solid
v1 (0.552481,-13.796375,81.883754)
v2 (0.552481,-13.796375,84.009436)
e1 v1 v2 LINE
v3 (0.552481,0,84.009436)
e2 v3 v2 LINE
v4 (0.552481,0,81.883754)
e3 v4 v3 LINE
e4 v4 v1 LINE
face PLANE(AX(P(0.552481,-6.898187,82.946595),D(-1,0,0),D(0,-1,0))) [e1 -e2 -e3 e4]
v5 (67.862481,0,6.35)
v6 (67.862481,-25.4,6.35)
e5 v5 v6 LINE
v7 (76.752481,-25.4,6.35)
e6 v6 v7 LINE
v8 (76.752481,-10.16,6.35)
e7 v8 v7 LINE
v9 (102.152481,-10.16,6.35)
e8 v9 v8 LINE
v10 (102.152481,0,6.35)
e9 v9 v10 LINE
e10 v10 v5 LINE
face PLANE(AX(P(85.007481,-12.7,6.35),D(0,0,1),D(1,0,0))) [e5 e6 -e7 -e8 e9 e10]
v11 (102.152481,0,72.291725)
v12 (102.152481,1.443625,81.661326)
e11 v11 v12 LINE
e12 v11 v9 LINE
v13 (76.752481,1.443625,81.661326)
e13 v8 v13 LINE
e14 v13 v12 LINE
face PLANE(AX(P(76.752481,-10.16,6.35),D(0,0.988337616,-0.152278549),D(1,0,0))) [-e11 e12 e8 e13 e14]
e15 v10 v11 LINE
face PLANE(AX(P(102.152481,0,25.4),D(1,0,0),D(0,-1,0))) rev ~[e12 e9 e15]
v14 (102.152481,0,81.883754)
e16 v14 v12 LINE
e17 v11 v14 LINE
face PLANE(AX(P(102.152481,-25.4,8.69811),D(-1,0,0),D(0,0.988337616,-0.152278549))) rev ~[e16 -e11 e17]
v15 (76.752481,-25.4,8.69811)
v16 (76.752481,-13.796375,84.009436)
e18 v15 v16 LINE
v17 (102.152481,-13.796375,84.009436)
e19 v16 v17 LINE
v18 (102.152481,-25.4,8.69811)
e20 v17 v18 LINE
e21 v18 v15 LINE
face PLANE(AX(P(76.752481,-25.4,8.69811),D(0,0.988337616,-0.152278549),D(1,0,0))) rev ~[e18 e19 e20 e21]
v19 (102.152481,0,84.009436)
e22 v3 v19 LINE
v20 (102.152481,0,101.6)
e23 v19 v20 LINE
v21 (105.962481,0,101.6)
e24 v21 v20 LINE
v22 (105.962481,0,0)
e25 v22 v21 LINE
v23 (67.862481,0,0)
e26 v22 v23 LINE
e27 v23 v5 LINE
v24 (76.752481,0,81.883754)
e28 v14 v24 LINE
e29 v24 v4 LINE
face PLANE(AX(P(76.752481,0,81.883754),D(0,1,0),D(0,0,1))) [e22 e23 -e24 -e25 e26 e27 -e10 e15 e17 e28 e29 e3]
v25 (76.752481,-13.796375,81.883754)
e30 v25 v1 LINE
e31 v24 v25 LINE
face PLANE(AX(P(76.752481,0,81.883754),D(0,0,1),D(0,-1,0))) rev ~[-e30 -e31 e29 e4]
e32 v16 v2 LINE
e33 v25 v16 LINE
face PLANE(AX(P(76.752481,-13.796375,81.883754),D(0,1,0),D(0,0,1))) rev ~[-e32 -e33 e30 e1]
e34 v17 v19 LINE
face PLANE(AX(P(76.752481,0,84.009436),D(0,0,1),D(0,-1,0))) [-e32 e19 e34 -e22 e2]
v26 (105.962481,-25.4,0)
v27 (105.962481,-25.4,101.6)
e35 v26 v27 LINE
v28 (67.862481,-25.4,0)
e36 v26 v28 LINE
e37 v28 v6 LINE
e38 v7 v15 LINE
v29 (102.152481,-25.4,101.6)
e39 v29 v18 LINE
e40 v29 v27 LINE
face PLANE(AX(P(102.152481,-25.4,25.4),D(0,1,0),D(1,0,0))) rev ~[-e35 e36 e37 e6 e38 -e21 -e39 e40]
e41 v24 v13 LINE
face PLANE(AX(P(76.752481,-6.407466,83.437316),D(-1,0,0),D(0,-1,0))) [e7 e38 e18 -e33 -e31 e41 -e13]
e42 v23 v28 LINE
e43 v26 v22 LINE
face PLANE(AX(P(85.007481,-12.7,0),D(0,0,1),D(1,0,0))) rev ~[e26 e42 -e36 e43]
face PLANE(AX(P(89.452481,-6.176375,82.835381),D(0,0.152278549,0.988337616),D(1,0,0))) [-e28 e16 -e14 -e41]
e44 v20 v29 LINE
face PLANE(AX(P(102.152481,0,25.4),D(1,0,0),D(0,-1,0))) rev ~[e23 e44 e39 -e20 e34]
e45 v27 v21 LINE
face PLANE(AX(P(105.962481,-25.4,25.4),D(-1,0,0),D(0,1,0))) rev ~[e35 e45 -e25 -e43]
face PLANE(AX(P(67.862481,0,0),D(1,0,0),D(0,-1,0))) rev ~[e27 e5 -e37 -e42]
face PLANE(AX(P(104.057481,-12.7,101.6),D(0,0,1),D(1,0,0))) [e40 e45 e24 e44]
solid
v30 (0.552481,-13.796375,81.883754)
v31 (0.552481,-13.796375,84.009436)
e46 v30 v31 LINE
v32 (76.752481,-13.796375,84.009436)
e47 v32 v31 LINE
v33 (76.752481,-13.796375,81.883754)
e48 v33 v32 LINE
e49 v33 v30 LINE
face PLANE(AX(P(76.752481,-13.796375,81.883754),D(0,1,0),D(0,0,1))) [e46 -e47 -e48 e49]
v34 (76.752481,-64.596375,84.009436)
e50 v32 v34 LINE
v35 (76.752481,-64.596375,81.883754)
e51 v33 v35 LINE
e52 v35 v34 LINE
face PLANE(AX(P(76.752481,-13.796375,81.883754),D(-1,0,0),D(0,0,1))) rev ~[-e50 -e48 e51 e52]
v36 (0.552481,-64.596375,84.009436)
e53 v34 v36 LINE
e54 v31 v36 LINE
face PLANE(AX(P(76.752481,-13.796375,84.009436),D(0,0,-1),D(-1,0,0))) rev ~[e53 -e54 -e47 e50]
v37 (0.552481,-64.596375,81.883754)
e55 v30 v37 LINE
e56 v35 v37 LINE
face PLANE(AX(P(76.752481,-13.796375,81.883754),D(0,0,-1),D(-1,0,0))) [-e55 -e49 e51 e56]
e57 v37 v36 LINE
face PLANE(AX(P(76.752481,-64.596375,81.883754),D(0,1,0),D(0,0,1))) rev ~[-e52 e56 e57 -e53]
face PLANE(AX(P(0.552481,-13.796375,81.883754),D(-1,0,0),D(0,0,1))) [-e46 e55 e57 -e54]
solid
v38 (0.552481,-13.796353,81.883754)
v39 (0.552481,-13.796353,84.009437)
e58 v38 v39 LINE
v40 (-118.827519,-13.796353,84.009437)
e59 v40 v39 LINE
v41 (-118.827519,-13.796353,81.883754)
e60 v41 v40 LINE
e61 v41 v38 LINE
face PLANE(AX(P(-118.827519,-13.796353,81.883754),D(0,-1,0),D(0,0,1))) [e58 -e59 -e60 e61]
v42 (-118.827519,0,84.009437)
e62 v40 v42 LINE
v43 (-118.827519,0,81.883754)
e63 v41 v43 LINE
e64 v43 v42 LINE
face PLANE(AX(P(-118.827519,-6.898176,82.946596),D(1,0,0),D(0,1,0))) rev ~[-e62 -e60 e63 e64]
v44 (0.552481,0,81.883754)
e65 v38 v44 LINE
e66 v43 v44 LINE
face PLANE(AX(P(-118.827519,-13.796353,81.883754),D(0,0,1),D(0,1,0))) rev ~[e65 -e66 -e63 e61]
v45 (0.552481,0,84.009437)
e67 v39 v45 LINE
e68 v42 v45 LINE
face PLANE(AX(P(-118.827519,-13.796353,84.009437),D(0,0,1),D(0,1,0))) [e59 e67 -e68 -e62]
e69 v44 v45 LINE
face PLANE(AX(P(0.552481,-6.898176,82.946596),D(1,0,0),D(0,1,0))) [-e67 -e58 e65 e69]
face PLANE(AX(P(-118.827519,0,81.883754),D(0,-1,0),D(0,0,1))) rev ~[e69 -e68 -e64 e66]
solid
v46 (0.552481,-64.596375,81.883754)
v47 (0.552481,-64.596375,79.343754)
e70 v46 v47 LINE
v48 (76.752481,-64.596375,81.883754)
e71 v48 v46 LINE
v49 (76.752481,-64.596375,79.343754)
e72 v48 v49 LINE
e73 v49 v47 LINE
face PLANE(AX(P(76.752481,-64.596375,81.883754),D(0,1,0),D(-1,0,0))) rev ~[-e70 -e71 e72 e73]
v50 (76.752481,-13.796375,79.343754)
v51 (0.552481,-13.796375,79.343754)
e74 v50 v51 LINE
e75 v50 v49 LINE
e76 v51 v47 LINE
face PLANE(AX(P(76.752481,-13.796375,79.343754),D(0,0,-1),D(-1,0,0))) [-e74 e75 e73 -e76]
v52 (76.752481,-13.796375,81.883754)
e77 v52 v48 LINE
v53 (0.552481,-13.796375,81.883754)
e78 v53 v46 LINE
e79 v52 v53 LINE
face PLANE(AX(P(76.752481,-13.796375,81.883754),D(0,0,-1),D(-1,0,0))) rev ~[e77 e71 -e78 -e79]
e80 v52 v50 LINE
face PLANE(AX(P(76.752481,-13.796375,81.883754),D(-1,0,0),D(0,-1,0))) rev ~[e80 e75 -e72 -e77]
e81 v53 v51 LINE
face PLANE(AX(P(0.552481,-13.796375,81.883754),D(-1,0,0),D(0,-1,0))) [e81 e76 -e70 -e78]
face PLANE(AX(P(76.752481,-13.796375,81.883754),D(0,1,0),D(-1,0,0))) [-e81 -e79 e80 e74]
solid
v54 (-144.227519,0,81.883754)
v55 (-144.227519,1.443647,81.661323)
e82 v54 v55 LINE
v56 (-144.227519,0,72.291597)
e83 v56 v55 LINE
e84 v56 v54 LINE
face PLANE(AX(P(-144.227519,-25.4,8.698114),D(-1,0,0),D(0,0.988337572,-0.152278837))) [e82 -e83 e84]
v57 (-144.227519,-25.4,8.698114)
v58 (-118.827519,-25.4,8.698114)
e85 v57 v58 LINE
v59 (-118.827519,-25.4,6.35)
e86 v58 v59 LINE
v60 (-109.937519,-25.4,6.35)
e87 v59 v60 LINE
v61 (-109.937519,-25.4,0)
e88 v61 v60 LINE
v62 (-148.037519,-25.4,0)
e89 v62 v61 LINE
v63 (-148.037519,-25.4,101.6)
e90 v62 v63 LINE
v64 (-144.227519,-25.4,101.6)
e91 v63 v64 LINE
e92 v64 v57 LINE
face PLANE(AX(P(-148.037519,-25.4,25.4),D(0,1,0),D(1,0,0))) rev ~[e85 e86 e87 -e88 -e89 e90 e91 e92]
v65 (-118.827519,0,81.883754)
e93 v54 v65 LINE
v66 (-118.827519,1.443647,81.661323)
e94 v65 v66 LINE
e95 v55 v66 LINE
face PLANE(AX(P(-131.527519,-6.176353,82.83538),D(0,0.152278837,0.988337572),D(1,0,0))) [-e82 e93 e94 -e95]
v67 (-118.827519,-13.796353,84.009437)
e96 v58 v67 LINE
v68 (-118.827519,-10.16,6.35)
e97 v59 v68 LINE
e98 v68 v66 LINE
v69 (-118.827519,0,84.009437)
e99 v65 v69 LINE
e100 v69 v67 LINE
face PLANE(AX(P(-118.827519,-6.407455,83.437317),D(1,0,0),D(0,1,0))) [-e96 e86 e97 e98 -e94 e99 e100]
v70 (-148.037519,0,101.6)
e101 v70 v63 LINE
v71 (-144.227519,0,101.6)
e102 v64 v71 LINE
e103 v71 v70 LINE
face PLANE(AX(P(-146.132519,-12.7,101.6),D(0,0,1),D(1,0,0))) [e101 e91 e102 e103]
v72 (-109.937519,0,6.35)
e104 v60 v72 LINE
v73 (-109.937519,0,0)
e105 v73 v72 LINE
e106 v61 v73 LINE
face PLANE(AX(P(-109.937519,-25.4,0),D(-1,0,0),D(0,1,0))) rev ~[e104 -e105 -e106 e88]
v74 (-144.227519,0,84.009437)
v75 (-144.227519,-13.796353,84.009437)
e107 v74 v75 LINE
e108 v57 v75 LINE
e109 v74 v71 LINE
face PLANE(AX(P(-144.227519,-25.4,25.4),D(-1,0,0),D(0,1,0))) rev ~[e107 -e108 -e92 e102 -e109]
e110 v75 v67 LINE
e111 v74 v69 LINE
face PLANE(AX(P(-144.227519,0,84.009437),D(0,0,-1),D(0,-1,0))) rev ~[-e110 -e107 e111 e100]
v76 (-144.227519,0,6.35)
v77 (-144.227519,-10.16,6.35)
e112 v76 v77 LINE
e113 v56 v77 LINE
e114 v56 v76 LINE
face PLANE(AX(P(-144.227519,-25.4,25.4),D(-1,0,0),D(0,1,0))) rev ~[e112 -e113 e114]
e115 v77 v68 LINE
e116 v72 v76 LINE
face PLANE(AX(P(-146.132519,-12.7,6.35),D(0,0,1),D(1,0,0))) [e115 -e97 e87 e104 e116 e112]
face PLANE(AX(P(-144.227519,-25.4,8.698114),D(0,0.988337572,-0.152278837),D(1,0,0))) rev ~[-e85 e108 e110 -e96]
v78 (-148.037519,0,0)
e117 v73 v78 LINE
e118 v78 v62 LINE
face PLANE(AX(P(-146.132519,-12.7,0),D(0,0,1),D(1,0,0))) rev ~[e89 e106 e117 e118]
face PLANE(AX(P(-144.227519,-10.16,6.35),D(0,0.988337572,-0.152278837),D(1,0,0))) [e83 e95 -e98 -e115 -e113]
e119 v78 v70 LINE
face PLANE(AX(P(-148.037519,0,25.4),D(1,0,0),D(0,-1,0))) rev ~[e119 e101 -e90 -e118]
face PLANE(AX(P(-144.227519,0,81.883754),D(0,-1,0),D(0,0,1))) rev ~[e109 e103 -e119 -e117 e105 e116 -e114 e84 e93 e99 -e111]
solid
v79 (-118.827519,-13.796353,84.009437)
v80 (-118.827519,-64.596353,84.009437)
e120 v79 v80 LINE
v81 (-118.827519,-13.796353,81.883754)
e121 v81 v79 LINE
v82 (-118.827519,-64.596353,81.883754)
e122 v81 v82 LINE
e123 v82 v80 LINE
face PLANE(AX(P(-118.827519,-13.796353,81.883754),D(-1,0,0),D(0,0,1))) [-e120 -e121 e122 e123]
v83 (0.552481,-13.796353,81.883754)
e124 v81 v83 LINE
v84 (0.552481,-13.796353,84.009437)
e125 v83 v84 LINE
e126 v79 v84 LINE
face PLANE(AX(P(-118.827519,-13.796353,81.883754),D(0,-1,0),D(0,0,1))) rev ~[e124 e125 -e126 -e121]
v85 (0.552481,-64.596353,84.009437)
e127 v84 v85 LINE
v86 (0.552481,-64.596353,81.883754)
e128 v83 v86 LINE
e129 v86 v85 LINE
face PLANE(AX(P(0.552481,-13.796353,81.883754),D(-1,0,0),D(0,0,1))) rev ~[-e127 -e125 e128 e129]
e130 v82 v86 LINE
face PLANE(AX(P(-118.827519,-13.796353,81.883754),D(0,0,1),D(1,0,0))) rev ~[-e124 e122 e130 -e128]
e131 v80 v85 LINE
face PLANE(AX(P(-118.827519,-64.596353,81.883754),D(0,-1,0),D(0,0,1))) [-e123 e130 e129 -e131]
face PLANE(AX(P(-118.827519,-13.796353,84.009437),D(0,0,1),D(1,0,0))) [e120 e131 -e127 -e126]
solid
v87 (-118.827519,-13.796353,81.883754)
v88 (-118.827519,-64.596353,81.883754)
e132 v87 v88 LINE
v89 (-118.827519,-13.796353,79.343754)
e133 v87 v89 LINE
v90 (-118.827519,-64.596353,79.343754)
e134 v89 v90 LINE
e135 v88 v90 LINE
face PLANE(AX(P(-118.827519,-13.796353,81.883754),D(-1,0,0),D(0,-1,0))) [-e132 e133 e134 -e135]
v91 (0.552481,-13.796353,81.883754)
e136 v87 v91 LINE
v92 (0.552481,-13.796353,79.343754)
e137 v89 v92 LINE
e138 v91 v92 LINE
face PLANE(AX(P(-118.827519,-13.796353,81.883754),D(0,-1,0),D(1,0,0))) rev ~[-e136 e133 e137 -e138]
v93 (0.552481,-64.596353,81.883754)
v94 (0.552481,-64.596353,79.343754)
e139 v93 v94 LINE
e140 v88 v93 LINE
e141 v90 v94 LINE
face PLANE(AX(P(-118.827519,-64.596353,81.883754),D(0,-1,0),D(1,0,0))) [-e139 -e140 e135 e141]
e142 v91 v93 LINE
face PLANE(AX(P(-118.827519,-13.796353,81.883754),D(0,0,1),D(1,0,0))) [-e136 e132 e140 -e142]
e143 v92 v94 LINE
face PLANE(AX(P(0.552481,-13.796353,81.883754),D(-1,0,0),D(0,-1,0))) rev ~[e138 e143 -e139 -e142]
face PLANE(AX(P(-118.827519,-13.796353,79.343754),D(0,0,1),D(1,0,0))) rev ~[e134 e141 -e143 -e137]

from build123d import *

# Parameters (mm, degrees)
F1_DEPTH  = 6.35
F2_DEPTH  = 6.35
F3_DEPTH  = 25.4
F4_DEPTH  = 25.4
F6_DEPTH  = 25.4
F8_DEPTH  = 25.4
F10_W     = 25.4
F10_H     = 15.419832
F11_DEPTH = 76.2
F9_W      = 25.4
F9_H      = 15.4198326926
F12_DEPTH = 76.2
F14_DEPTH = 76.2
F16_DEPTH = 76.2
F18_DEPTH = 25.4
F20_W     = 13.7963745518
F20_H     = 2.1256824252
F21_DEPTH = 76.2
F22_DEPTH = 25.4
F23_W     = 13.7963525968
F23_H     = 2.12568316
F24_DEPTH = 119.38
F25_DEPTH = 50.8
F26_DEPTH = 50.8
F27_DEPTH = 2.54
F28_DEPTH = 2.54


with BuildPart() as f1:
    # F0 (on Top) → F1 (new body)
    with BuildSketch(Plane.XY):
        Polygon((-144.2275191965, 0), (-148.0375191965, 0), (-148.0375191965, -25.4), (-144.2275191965, -25.4), (-144.2275191965, -12.7), align=None)
        Polygon((-109.9375191965, 0), (-144.2275191965, 0), (-144.2275191965, -12.7), (-144.2275191965, -25.4), (-109.9375191965, -25.4), align=None)
    extrude(amount=F1_DEPTH)

    # F0 (on Top) → F3 (join)
    with BuildSketch(Plane.XY):
        Polygon((-144.2275191965, 0), (-148.0375191965, 0), (-148.0375191965, -25.4), (-144.2275191965, -25.4), (-144.2275191965, -12.7), align=None)
    extrude(amount=F3_DEPTH)

    # F5 (on face) → F6 (join)
    with BuildSketch(Plane.YZ.offset(-144.2275191965)):
        Polygon((-20.32, 6.35), (-10.16, 6.35), (-25.4, 8.698114194), (-25.4, 6.35), align=None)
    extrude(amount=F6_DEPTH)

    # F9 (on face) → F12 (join)
    with BuildSketch(Plane(origin=(0, 0.7200947335, 4.6736414124), x_dir=(1, 0, 0), z_dir=(0, 0.1522788373, 0.9883375717))):
        with Locations((-131.5275191965, -18.7183966921)):
            Rectangle(F9_W, F9_H)
    extrude(amount=F12_DEPTH)

    # F15 (on face) → F16 (join)
    with BuildSketch(Plane.XY.offset(25.4)):
        Polygon((-144.2275191965, -7.2248572575), (-144.2275191965, 0), (-148.0375191965, 0), (-148.0375191965, -25.4), (-144.2275191965, -25.4), (-144.2275191965, -22.8266446767), align=None)
    extrude(amount=F16_DEPTH)

    # F19 (on face) → F22 (join)
    with BuildSketch(Plane.YZ.offset(-144.2275191965)):
        Polygon((0, 81.8837540004), (0, 84.0094371603), (-13.7963525968, 84.0094371603), align=None)
    extrude(amount=F22_DEPTH)


with BuildPart() as f2:
    # F0 (on Top) → F2 (new body)
    with BuildSketch(Plane.XY):
        Polygon((67.8624808035, 0), (67.8624808035, -25.4), (102.1524808035, -25.4), (102.1524808035, -18.4480734169), (102.1524808035, 0), align=None)
        Polygon((102.1524808035, -18.4480734169), (102.1524808035, -25.4), (105.9624808035, -25.4), (105.9624808035, 0), (102.1524808035, 0), align=None)
    extrude(amount=F2_DEPTH)

    # F0 (on Top) → F4 (join)
    with BuildSketch(Plane.XY):
        Polygon((102.1524808035, -18.4480734169), (102.1524808035, -25.4), (105.9624808035, -25.4), (105.9624808035, 0), (102.1524808035, 0), align=None)
    extrude(amount=F4_DEPTH)

    # F7 (on face) → F8 (join)
    with BuildSketch(Plane(origin=(102.1524808035, 0, 0), x_dir=(0, -1, 0), z_dir=(-1, 0, 0))):
        Polygon((25.4, 8.6981096457), (10.16, 6.35), (25.4, 6.35), align=None)
    extrude(amount=F8_DEPTH)

    # F10 (on face) → F11 (join)
    with BuildSketch(Plane(origin=(0, 0.7200938597, 4.6736447941), x_dir=(1, 0, 0), z_dir=(0, 0.1522785492, 0.9883376161))):
        with Locations((89.4524808035, -18.7183949672)):
            Rectangle(F10_W, F10_H)
    extrude(amount=F11_DEPTH)

    # F13 (on face) → F14 (join)
    with BuildSketch(Plane.XY.offset(25.4)):
        Polygon((102.1524808035, -7.2248629429), (102.1524808035, -22.8266489605), (102.1524808035, -25.4), (105.9624808035, -25.4), (105.9624808035, 0), (102.1524808035, 0), align=None)
    extrude(amount=F14_DEPTH)

    # F17 (on face) → F18 (join)
    with BuildSketch(Plane(origin=(102.1524808035, 0, 0), x_dir=(0, -1, 0), z_dir=(-1, 0, 0))):
        Polygon((0, 81.8837535695), (13.7963745518, 84.0094359948), (0, 84.0094359948), align=None)
    extrude(amount=F18_DEPTH)

    # F20 (on face) → F21 (join)
    with BuildSketch(Plane(origin=(76.7524808035, 0, 0), x_dir=(0, -1, 0), z_dir=(-1, 0, 0))):
        with Locations((6.8981872759, 82.9465947822)):
            Rectangle(F20_W, F20_H)
    extrude(amount=F21_DEPTH)


with BuildPart() as f24:
    # F23 (on face) → F24 (new body)
    with BuildSketch(Plane.YZ.offset(-118.8275191965)):
        with Locations((-6.8981762984, 82.9465955804)):
            Rectangle(F23_W, F23_H)
    extrude(amount=F24_DEPTH)


with BuildPart() as f25:
    # F25 (new): a face of the model
    f25_faces = [f24.part.faces().sort_by_distance(p)[0] for p in [
        (-59.1375191965, -13.7963525968, 82.9465955804),
    ]]
    extrude(f25_faces, amount=F25_DEPTH)


with BuildPart() as f26:
    # F26 (new): a face of the model
    f26_faces = [f2.part.faces().sort_by_distance(p)[0] for p in [
        (38.6524808035, -13.7963745518, 82.9465947822),
    ]]
    extrude(f26_faces, amount=F26_DEPTH)


with BuildPart() as f27:
    # F27 (new): a face of the model
    f27_faces = [f26.part.faces().sort_by_distance(p)[0] for p in [
        (38.6524808035, -39.1963745518, 81.8837535695),
    ]]
    extrude(f27_faces, amount=F27_DEPTH)


with BuildPart() as f28:
    # F28 (new): a face of the model
    f28_faces = [f25.part.faces().sort_by_distance(p)[0] for p in [
        (-59.1375191965, -39.1963525968, 81.8837540004),
    ]]
    extrude(f28_faces, amount=F28_DEPTH)


solid = Compound([f1.part, f2.part, f24.part, f25.part, f26.part, f27.part, f28.part])
